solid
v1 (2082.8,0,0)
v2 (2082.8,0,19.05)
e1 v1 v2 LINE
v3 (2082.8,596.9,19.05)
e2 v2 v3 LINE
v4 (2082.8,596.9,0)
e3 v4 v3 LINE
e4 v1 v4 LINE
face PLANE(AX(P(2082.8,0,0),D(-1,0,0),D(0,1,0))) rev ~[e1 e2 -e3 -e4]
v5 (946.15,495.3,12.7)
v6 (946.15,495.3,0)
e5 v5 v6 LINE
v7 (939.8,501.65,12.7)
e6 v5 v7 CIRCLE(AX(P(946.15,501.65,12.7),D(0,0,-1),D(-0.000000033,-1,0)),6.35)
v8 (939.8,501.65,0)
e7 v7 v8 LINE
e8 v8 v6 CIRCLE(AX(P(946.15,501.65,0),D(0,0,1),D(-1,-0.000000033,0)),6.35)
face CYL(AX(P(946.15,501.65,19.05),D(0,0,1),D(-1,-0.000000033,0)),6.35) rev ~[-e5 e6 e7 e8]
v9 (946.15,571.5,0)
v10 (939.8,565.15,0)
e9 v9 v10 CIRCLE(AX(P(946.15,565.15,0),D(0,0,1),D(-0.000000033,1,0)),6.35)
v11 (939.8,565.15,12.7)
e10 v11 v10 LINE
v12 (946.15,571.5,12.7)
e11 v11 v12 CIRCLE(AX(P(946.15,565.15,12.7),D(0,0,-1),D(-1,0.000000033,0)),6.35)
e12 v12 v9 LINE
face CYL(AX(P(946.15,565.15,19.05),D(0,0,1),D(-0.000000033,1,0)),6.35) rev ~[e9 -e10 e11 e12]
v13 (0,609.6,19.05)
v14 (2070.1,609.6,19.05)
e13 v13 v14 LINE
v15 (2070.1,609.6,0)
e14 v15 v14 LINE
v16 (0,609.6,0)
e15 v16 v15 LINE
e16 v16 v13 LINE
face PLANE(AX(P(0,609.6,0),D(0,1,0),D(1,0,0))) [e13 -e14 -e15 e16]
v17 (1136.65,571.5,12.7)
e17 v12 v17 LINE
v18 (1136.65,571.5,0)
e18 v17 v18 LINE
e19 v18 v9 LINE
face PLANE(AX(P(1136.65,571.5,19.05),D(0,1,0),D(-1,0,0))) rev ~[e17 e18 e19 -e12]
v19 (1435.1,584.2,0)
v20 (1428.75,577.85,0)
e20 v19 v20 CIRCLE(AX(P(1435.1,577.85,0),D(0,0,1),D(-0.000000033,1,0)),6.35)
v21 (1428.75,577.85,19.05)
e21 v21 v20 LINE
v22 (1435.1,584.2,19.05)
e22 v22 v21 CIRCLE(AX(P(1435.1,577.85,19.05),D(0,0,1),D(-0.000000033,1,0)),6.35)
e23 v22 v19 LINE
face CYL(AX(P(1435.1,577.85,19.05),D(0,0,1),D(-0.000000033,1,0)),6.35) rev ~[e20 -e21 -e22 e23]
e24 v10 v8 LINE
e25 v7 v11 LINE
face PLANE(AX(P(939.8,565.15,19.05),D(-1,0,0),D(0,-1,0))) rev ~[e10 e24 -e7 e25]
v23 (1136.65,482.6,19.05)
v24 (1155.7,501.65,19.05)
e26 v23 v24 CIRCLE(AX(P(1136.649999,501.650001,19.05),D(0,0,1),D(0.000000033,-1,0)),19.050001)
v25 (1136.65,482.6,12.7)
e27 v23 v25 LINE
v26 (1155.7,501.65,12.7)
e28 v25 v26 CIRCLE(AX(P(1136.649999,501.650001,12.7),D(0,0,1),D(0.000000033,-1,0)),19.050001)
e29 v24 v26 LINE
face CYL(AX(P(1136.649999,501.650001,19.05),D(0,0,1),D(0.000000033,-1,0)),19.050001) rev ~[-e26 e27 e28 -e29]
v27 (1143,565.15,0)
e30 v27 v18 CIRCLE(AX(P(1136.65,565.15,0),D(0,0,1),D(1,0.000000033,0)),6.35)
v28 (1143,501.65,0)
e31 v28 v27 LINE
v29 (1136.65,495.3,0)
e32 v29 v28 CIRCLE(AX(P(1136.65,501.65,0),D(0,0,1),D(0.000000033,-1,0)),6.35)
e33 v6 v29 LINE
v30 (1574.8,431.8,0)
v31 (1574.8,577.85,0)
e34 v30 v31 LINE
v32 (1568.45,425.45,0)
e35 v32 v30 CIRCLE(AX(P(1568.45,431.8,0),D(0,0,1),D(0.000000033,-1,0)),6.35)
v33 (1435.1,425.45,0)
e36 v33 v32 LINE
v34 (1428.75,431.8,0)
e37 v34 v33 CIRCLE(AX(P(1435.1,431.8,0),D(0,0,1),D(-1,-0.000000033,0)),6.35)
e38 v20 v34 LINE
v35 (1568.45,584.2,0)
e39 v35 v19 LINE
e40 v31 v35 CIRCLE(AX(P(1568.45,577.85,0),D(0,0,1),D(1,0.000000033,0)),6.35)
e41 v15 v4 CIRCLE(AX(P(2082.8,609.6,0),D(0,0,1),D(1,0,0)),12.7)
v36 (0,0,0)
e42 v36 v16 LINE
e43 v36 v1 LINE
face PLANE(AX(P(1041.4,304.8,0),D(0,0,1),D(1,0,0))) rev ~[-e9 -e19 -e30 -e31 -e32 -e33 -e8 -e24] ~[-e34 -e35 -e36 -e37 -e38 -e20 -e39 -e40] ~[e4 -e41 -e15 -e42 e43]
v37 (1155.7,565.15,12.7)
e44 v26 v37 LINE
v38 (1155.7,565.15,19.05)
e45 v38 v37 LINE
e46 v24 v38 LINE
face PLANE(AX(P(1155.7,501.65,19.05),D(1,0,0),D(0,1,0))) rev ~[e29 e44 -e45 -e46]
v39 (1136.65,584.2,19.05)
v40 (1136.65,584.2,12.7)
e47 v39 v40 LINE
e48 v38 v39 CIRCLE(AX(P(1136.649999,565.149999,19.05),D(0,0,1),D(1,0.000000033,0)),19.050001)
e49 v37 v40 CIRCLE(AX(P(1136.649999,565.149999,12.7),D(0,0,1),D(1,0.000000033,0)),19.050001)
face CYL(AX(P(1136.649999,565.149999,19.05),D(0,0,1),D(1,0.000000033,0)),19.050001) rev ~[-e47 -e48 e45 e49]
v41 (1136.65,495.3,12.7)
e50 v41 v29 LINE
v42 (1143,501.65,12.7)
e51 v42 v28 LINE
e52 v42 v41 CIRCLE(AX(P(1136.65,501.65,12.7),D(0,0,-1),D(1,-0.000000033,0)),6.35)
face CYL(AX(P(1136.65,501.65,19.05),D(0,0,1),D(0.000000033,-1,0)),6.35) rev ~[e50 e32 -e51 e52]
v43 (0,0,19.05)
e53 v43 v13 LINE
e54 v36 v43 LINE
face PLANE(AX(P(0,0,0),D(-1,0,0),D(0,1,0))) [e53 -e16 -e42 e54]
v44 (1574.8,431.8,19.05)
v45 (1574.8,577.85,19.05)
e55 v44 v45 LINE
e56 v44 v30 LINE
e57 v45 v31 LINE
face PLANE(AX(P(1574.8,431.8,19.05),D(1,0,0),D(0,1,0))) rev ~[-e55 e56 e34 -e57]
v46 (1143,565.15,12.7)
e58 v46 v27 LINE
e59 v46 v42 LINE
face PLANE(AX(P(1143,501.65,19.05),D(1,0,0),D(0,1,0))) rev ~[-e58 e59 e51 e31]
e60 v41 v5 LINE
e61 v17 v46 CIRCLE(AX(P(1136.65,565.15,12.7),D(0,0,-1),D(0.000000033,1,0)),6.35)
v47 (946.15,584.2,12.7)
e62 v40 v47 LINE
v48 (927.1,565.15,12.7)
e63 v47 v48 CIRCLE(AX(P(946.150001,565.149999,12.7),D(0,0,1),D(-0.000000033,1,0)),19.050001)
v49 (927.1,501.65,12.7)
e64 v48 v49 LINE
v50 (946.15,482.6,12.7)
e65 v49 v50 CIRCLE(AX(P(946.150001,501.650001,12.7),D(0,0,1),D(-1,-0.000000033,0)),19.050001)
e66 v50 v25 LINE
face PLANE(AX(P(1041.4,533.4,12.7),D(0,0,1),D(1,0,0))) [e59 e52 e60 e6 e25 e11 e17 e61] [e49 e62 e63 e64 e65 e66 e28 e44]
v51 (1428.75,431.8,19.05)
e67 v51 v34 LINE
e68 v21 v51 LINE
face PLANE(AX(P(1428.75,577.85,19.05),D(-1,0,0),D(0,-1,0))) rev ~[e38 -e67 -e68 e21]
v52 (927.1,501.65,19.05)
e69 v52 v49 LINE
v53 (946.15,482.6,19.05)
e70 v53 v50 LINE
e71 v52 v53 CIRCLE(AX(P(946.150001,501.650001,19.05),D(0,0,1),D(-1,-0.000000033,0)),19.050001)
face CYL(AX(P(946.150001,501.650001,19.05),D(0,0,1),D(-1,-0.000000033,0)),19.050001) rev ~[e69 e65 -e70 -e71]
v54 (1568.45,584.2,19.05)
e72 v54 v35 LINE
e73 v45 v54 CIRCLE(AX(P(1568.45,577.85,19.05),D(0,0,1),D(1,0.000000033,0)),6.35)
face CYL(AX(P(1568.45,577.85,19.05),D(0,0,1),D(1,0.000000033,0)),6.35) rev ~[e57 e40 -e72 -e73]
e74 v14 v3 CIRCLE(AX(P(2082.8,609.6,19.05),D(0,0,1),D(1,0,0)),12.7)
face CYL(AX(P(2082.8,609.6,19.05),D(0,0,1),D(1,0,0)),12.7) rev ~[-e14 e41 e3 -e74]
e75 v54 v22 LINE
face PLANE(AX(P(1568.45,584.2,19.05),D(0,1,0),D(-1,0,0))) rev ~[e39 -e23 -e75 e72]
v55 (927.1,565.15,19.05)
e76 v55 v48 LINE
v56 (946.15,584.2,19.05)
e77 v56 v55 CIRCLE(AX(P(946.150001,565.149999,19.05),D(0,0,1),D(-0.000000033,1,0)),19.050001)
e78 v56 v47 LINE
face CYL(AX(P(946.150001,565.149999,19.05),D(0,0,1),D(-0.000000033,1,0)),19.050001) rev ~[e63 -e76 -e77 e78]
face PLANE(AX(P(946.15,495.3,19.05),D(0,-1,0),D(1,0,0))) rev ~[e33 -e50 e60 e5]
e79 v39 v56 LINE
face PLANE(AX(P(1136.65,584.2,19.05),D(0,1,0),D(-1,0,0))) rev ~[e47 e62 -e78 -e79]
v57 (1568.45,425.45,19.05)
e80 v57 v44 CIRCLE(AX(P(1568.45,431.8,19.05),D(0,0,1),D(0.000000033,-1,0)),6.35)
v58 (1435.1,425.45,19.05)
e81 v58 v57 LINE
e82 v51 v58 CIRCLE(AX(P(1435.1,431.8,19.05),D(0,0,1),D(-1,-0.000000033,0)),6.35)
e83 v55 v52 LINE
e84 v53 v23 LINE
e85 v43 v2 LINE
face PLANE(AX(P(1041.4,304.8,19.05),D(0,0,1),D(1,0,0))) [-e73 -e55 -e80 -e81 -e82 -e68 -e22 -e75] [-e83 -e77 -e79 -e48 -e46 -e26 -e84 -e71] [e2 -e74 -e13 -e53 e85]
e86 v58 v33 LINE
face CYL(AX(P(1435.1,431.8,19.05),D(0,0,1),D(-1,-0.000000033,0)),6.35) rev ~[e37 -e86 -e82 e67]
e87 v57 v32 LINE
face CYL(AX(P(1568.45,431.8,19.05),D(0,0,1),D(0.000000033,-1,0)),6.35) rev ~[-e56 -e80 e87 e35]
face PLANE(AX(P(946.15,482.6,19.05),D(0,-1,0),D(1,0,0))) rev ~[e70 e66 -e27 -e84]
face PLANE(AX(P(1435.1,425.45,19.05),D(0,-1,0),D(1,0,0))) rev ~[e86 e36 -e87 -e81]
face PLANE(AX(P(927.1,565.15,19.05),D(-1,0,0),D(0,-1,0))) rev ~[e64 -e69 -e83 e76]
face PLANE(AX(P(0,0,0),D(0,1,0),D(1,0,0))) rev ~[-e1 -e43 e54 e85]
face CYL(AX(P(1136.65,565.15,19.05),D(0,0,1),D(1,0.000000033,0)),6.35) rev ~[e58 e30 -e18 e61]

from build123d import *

# Parameters (mm, degrees)
F0_W     = 2082.8
F0_H     = 609.6
F1_DEPTH = 19.05
F2_R     = 12.7
F3_DEPTH = 25.4
F5_DEPTH = 6.35


with BuildPart() as f1:
    # F0 (on Top) → F1 (new body)
    with BuildSketch(Plane.XY):
        with Locations((1041.4, 304.8)):
            Rectangle(F0_W, F0_H)
    extrude(amount=F1_DEPTH)

    # F2 (on face) → F3 (cut)
    with BuildSketch(Plane.XY.offset(19.05)):
        with BuildLine():
            Line((1568.45, 584.2), (1435.1, 584.2))
            ThreePointArc((1435.1, 584.2), (1430.609872, 582.340128), (1428.75, 577.85))
            Line((1428.75, 577.85), (1428.75, 431.8))
            ThreePointArc((1428.75, 431.8), (1430.609872, 427.309872), (1435.1, 425.45))
            Line((1435.1, 425.45), (1568.45, 425.45))
            ThreePointArc((1568.45, 425.45), (1572.940128, 427.309872), (1574.8, 431.8))
            Line((1574.8, 431.8), (1574.8, 577.85))
            ThreePointArc((1574.8, 577.85), (1572.940128, 582.340128), (1568.45, 584.2))
        make_face()
        with BuildLine():
            Line((1136.65, 571.5), (946.15, 571.5))
            ThreePointArc((946.15, 571.5), (941.659872, 569.640128), (939.8, 565.15))
            Line((939.8, 565.15), (939.8, 501.65))
            ThreePointArc((939.8, 501.65), (941.659872, 497.159872), (946.15, 495.3))
            Line((946.15, 495.3), (1136.65, 495.3))
            ThreePointArc((1136.65, 495.3), (1141.140128, 497.159872), (1143, 501.65))
            Line((1143, 501.65), (1143, 565.15))
            ThreePointArc((1143, 565.15), (1141.140128, 569.640128), (1136.65, 571.5))
        make_face()
        with Locations((2082.8, 609.6)):
            Circle(F2_R)
    extrude(amount=-F3_DEPTH, mode=Mode.SUBTRACT)

    # F4 (on face) → F5 (cut)
    with BuildSketch(Plane.XY.offset(19.05)):
        with BuildLine():
            Line((1136.65, 584.2), (946.15, 584.2))
            ThreePointArc((946.15, 584.2), (932.679616, 578.620384), (927.1, 565.15))
            Line((927.1, 565.15), (927.1, 501.65))
            ThreePointArc((927.1, 501.65), (932.679616, 488.179616), (946.15, 482.6))
            Line((946.15, 482.6), (1136.65, 482.6))
            ThreePointArc((1136.65, 482.6), (1150.120384, 488.179616), (1155.7, 501.65))
            Line((1155.7, 501.65), (1155.7, 565.15))
            ThreePointArc((1155.7, 565.15), (1150.120384, 578.620384), (1136.65, 584.2))
        make_face()
        with BuildLine():
            ThreePointArc((1136.65, 571.5), (1141.140128, 569.640128), (1143, 565.15))
            Line((1143, 565.15), (1143, 501.65))
            ThreePointArc((1143, 501.65), (1141.140128, 497.159872), (1136.65, 495.3))
            Line((1136.65, 495.3), (946.15, 495.3))
            ThreePointArc((946.15, 495.3), (941.659872, 497.159872), (939.8, 501.65))
            Line((939.8, 501.65), (939.8, 565.15))
            ThreePointArc((939.8, 565.15), (941.659872, 569.640128), (946.15, 571.5))
            Line((946.15, 571.5), (1136.65, 571.5))
        make_face(mode=Mode.SUBTRACT)
    extrude(amount=-F5_DEPTH, mode=Mode.SUBTRACT)


solid = f1.part
